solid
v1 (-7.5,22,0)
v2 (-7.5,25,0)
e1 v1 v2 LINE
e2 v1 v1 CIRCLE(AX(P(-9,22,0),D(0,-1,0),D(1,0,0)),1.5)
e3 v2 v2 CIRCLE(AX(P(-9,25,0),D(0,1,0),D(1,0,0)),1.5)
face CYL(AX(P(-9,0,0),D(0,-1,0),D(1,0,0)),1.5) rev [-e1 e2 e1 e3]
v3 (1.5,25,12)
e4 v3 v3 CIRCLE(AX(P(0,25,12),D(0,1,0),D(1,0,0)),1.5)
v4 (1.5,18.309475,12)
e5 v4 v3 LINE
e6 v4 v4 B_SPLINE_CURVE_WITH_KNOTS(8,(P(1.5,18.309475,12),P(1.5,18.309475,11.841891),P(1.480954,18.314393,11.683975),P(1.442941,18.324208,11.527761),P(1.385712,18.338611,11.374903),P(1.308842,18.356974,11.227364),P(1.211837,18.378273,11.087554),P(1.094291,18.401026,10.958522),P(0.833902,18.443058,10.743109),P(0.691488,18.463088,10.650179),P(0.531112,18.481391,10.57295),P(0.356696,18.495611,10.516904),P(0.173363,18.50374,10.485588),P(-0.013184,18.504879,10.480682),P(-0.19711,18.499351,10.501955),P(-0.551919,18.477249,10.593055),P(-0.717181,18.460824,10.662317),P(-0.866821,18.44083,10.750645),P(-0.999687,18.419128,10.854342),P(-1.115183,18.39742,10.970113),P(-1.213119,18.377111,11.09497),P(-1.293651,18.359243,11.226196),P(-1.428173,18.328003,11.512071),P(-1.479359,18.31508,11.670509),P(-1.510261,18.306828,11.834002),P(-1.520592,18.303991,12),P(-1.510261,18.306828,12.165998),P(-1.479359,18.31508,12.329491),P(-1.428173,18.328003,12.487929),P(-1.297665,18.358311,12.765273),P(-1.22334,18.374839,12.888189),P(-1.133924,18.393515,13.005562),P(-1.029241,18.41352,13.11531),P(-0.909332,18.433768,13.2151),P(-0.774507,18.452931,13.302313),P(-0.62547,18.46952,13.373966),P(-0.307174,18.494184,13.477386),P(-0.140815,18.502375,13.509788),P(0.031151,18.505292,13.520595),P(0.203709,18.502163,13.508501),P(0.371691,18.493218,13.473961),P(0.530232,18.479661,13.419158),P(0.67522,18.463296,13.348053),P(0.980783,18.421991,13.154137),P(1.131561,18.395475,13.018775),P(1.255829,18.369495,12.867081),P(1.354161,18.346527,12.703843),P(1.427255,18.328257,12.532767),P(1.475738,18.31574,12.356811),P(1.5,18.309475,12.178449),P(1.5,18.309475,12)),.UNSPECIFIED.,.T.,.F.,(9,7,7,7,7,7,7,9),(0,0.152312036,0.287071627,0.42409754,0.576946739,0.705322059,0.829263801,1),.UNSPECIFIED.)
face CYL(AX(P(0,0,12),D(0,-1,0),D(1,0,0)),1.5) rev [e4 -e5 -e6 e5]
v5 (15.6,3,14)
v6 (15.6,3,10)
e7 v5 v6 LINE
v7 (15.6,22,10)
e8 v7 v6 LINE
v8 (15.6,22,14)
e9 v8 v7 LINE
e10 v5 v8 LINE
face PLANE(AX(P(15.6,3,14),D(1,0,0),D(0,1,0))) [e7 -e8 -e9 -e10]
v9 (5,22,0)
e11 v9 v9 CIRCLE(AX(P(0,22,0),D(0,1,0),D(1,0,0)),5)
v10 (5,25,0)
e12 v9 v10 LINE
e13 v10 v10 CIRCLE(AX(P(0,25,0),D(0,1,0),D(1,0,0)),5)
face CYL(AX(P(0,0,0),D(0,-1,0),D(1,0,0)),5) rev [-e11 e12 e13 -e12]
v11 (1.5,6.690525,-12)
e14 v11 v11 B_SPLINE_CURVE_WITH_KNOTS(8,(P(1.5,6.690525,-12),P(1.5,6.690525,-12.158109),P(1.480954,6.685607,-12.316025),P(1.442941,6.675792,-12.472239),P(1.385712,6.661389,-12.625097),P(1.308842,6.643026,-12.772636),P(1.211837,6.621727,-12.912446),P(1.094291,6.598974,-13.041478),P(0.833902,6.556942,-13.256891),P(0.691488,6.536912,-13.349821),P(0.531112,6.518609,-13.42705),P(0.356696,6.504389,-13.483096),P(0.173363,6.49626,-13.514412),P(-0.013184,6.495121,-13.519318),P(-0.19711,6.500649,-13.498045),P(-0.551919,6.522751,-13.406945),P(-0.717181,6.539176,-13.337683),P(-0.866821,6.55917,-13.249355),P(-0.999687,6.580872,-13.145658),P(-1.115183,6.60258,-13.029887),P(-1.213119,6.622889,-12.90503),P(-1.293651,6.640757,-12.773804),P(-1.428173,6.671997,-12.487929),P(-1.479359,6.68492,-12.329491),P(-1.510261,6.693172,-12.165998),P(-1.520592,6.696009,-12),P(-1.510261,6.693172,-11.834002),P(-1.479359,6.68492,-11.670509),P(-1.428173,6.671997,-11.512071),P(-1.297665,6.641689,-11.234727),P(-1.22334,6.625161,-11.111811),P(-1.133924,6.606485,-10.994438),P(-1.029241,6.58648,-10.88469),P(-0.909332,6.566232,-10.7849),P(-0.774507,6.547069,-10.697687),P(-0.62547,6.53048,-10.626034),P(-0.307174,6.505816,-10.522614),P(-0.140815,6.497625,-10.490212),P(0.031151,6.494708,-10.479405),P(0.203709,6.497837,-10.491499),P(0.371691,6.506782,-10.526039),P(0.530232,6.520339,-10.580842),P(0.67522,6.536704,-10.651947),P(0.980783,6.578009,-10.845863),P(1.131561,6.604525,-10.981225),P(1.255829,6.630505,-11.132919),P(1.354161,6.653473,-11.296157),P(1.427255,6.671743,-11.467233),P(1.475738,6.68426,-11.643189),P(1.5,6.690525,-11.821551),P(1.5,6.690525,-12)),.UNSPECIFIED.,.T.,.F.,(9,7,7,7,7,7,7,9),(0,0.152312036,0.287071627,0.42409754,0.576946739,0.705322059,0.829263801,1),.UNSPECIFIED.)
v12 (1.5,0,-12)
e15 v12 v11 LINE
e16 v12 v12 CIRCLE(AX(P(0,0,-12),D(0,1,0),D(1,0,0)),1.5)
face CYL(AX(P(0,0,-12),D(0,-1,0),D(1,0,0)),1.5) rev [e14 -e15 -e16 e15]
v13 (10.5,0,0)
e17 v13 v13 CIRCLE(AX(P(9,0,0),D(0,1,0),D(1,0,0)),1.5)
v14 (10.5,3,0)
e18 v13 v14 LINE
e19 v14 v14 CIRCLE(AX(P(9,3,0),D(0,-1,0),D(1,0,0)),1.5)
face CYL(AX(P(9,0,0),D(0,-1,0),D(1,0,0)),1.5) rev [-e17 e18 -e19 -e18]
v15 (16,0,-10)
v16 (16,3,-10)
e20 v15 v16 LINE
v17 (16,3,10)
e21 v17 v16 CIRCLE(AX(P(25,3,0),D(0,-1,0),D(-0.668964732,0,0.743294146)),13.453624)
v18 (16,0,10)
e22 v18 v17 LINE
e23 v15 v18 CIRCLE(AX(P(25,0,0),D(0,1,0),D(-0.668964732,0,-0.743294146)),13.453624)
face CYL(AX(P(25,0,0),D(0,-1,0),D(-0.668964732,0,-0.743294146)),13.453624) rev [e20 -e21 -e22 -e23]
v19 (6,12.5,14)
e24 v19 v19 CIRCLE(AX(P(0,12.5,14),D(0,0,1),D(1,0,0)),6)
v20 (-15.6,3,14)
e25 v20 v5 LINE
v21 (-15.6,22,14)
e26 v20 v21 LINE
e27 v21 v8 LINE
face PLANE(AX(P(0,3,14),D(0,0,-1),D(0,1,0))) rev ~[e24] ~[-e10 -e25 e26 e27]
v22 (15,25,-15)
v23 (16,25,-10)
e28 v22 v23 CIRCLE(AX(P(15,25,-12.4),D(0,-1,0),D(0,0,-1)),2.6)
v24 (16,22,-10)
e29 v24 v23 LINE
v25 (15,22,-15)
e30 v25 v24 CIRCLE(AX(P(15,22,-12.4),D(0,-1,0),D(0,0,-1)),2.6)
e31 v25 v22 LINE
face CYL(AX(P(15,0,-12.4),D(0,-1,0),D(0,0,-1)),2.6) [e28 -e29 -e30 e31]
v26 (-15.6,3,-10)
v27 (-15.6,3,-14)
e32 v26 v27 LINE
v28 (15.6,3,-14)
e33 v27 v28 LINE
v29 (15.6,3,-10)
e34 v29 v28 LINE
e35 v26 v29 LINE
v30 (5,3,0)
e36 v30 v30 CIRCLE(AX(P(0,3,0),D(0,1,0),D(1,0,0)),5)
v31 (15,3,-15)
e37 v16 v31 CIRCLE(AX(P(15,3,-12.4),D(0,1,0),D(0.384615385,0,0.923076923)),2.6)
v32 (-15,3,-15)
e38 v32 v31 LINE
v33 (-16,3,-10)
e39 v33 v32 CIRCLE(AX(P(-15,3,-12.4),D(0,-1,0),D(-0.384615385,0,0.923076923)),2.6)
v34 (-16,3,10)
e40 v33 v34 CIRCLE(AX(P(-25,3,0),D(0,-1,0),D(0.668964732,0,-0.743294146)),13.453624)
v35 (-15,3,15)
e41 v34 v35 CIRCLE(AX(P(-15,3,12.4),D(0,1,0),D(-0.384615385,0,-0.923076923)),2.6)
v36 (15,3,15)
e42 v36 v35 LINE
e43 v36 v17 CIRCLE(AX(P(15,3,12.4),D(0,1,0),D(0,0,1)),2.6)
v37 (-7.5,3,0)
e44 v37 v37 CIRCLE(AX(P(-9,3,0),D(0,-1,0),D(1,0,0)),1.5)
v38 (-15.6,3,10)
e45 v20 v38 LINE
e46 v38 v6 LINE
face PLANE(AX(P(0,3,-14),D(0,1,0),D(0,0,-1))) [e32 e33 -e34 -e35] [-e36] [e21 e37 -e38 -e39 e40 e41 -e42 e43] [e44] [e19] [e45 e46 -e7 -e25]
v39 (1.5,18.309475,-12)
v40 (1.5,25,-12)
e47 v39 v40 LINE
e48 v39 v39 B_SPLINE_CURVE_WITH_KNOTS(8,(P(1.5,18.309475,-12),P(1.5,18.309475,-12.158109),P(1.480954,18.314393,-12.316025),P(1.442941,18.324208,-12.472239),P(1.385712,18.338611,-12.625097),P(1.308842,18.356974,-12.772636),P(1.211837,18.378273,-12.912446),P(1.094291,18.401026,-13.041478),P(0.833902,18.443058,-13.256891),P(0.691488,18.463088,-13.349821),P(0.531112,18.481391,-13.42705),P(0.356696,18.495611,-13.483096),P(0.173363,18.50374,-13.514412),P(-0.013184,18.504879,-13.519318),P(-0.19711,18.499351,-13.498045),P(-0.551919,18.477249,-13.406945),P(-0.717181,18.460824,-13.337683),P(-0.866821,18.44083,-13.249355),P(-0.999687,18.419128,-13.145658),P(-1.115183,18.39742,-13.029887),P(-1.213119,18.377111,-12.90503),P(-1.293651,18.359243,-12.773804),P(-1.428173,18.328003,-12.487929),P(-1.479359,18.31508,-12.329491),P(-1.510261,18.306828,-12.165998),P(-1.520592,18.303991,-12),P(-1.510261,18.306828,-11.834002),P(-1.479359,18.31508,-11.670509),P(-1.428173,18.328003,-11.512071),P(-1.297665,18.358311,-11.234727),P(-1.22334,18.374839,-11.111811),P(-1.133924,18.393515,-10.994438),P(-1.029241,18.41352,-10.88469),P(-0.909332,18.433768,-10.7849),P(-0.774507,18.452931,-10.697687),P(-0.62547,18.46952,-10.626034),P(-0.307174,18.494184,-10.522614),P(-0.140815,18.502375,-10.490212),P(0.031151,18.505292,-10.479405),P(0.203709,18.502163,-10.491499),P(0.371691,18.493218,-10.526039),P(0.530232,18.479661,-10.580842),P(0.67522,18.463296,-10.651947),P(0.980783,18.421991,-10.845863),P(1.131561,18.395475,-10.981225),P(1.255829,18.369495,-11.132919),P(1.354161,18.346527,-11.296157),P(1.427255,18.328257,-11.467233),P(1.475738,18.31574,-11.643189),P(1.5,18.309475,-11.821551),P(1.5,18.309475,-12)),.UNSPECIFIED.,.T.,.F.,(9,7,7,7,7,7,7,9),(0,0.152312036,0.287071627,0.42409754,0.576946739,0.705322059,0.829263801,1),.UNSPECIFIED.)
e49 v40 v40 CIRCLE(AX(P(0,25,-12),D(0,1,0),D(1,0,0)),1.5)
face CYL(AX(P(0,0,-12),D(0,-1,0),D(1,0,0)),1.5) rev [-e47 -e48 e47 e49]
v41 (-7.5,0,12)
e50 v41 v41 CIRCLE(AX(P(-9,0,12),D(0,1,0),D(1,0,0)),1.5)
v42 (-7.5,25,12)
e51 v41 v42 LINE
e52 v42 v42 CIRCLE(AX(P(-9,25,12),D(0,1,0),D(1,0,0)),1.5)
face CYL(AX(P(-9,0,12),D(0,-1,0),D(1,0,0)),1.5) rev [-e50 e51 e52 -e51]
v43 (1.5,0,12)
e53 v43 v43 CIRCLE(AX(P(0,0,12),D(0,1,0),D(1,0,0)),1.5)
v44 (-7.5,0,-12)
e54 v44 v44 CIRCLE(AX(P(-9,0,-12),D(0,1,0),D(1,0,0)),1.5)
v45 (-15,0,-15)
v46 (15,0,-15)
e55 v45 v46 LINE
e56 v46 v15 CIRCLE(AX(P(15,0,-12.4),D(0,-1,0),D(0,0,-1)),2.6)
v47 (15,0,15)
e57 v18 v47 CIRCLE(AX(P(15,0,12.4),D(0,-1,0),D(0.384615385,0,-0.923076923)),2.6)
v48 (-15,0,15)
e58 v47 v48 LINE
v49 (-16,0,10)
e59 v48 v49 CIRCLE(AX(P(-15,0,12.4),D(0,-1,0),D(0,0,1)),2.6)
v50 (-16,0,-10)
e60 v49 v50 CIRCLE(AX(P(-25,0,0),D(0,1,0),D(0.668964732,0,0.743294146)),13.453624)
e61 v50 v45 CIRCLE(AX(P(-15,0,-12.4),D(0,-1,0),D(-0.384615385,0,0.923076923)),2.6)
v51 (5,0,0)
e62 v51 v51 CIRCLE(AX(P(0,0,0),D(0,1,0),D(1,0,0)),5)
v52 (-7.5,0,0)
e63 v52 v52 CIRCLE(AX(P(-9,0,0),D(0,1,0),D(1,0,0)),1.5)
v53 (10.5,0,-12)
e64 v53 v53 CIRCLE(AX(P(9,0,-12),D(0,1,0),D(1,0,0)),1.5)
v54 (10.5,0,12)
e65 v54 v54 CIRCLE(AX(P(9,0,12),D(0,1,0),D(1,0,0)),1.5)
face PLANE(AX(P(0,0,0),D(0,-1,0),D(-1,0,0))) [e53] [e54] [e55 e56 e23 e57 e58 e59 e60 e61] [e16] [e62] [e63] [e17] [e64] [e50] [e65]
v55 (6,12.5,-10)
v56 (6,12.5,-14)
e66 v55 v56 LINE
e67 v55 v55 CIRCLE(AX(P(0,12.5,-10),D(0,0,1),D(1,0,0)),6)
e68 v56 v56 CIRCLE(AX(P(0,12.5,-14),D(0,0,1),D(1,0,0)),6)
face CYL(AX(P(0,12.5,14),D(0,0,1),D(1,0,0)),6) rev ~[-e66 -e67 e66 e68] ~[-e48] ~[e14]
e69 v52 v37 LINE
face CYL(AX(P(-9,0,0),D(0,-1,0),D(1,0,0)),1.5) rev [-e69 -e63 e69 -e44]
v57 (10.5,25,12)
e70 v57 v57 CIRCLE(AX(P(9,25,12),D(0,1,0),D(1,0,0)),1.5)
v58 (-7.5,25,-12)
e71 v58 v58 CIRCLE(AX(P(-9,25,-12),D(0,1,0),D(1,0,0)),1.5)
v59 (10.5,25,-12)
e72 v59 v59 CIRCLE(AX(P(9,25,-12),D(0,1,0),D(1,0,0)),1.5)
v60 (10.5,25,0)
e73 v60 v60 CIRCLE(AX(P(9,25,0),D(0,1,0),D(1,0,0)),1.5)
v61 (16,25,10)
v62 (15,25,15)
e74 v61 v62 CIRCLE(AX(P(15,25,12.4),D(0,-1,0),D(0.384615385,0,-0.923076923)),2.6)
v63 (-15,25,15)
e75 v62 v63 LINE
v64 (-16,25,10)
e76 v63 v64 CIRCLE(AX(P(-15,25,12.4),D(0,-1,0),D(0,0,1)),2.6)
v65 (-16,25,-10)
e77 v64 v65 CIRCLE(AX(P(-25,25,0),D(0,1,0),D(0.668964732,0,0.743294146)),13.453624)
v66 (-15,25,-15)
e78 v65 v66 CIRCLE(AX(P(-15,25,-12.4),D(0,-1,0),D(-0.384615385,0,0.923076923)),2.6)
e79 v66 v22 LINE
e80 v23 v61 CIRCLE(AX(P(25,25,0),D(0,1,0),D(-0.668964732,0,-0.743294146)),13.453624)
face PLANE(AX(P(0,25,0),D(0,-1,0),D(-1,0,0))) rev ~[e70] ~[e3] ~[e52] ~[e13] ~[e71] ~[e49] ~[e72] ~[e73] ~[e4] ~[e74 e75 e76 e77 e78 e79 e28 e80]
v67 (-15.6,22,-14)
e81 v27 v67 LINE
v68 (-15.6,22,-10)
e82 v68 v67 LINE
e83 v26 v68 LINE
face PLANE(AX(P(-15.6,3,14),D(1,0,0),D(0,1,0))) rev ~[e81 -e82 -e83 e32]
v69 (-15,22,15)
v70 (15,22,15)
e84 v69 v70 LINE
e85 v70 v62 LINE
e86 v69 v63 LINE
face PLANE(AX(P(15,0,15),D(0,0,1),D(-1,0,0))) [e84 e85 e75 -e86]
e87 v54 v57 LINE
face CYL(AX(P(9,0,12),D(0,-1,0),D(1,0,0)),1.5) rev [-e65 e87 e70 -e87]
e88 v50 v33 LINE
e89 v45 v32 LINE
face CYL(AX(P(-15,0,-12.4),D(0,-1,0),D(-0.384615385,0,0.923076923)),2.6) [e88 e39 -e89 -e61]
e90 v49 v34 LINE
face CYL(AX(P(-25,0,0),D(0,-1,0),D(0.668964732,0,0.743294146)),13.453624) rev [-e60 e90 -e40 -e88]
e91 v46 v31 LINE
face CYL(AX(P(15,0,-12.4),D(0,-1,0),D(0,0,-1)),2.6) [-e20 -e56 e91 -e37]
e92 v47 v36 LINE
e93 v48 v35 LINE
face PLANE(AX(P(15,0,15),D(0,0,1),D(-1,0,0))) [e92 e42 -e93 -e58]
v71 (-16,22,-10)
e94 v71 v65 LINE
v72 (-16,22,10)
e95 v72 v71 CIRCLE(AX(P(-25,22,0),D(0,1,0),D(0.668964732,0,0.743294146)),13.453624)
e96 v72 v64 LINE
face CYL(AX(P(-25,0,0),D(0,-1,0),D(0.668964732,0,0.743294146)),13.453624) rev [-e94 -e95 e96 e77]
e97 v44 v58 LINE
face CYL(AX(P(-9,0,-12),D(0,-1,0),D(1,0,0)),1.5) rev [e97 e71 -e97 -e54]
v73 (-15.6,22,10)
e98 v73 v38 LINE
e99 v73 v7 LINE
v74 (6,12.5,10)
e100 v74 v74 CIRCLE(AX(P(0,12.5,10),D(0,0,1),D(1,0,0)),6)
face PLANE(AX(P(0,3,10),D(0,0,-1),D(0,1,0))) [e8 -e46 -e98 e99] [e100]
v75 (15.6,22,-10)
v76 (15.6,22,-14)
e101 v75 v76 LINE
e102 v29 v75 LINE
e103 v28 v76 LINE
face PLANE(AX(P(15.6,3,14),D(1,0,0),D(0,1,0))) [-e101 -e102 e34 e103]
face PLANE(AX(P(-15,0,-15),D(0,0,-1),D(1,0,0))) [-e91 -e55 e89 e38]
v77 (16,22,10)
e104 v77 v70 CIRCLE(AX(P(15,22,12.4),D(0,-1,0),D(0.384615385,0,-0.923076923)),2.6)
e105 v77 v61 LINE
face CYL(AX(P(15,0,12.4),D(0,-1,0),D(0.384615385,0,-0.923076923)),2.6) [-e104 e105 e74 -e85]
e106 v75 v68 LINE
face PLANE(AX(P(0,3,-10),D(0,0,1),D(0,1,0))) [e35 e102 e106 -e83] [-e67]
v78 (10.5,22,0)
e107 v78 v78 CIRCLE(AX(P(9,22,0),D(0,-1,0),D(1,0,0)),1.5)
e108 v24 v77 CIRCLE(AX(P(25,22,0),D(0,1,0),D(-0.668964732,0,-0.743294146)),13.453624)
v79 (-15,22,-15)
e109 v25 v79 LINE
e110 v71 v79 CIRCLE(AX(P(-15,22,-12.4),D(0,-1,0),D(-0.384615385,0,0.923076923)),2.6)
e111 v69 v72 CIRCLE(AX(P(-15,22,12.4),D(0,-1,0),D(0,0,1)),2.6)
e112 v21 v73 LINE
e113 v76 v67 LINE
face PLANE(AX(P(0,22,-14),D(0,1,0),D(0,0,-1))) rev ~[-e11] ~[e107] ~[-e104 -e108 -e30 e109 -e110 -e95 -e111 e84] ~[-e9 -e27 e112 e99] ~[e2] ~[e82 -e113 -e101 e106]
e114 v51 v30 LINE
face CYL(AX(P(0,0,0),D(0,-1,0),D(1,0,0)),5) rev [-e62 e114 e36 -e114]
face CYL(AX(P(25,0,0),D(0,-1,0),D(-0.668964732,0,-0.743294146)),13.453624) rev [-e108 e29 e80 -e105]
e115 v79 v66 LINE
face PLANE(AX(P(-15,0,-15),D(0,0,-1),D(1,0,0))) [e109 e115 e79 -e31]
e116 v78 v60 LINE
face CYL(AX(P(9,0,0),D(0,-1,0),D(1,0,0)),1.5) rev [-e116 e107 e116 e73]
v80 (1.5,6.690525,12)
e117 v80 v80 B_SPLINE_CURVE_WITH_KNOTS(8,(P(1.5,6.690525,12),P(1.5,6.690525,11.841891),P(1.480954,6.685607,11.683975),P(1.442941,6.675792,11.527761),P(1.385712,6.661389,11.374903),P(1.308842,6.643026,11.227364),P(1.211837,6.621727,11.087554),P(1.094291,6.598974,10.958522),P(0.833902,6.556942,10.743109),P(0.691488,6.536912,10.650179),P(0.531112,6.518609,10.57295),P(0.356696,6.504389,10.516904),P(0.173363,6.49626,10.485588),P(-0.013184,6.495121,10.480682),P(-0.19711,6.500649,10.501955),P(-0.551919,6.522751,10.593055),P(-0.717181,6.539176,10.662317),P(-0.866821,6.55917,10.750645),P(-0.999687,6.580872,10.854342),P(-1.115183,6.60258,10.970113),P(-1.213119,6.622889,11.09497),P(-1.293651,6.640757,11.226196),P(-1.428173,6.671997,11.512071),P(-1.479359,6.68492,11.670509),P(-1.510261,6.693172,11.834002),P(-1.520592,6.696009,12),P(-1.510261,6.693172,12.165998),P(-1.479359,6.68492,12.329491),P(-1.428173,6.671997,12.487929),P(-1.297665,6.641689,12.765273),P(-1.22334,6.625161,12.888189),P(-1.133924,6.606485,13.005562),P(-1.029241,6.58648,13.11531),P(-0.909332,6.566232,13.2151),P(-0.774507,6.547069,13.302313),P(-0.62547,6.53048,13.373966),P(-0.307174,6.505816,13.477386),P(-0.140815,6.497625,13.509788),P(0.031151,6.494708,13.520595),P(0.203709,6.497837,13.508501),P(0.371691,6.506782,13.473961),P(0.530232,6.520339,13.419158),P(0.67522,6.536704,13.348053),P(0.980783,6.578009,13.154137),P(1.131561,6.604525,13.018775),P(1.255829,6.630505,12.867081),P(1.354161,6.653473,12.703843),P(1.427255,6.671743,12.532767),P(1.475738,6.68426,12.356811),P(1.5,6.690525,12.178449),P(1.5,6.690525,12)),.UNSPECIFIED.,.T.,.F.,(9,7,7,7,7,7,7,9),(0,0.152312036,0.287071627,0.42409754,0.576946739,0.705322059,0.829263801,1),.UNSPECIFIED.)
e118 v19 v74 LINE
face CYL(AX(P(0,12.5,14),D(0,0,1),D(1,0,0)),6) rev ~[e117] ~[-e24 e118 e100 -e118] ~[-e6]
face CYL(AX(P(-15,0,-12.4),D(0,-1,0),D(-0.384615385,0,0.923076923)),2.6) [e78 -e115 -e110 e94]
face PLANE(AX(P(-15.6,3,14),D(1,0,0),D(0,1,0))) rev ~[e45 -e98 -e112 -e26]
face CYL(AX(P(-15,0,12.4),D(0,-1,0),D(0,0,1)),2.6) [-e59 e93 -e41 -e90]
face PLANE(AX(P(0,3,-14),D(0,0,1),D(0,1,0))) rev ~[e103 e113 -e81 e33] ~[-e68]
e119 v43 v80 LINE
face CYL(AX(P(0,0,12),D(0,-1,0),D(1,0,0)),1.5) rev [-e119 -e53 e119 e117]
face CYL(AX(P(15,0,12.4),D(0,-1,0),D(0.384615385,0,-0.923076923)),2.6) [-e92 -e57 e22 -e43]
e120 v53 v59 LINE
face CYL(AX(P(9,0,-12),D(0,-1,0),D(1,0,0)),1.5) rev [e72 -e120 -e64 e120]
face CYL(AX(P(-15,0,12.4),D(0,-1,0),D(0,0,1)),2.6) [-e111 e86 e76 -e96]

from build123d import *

# Parameters (mm, degrees)
ESQUISSE1_R                  = 5
ESQUISSE1_R_2                = 1.5
BOSS_EXTRU_1_DEPTH           = 25
ENL_V_MAT_EXTRU_1_DEPTH      = 25
ENL_V_MAT_EXTRU_1_DEPTH_BACK = 25
ESQUISSE2_W                  = 20
ESQUISSE2_H                  = 19
ESQUISSE2_W_2                = 4.56072091
ESQUISSE2_W_3                = 3.825642854
ESQUISSE3_R                  = 6
ESQUISSE3_W                  = 8.37073205
ESQUISSE3_H                  = 19
ESQUISSE3_W_2                = 9.375022173
ENL_V_MAT_EXTRU_2_DEPTH      = 30


with BuildPart() as part:
    # Esquisse1 → Boss.-Extru.1 (new body)
    with BuildSketch(Plane(origin=(0, 0, 0), x_dir=(1, 0, 0), z_dir=(0, 1, 0))):
        with BuildLine():
            Line((-15, 15), (15, 15))
            ThreePointArc((15, 15), (17.549509757, 12.909901951), (16, 10))
            ThreePointArc((16, 10), (11.546375953, 0), (16, -10))
            ThreePointArc((16, -10), (17.549509757, -12.909901951), (15, -15))
            Line((15, -15), (-15, -15))
            ThreePointArc((-15, -15), (-17.549509757, -12.909901951), (-16, -10))
            ThreePointArc((-16, -10), (-11.546375953, 0), (-16, 10))
            ThreePointArc((-16, 10), (-17.549509757, 12.909901951), (-15, 15))
        make_face()
        Circle(ESQUISSE1_R, mode=Mode.SUBTRACT)
        with Locations((9, 0)):
            Circle(ESQUISSE1_R_2, mode=Mode.SUBTRACT)
        with Locations((-9, 0)):
            Circle(ESQUISSE1_R_2, mode=Mode.SUBTRACT)
        with Locations((-9, 12)):
            Circle(ESQUISSE1_R_2, mode=Mode.SUBTRACT)
        with Locations((9, 12)):
            Circle(ESQUISSE1_R_2, mode=Mode.SUBTRACT)
        with Locations((-9, -12)):
            Circle(ESQUISSE1_R_2, mode=Mode.SUBTRACT)
        with Locations((9, -12)):
            Circle(ESQUISSE1_R_2, mode=Mode.SUBTRACT)
        with Locations((0, -12)):
            Circle(ESQUISSE1_R_2, mode=Mode.SUBTRACT)
        with Locations((0, 12)):
            Circle(ESQUISSE1_R_2, mode=Mode.SUBTRACT)
    extrude(amount=BOSS_EXTRU_1_DEPTH)

    # Esquisse2 → Enlèv. mat.-Extru.1 (cut, two sides: drawn at the far end of the back side and taken through both)
    with BuildSketch(Plane(origin=(0, 0, 0), x_dir=(0, 0, -1), z_dir=(1, 0, 0)).offset(-ENL_V_MAT_EXTRU_1_DEPTH_BACK)):
        with Locations((0, 12.5)):
            Rectangle(ESQUISSE2_W, ESQUISSE2_H)
        with Locations((16.280360455, 12.5)):
            Rectangle(ESQUISSE2_W_2, ESQUISSE2_H)
        with Locations((-15.912821427, 12.5)):
            Rectangle(ESQUISSE2_W_3, ESQUISSE2_H)
    extrude(amount=ENL_V_MAT_EXTRU_1_DEPTH + ENL_V_MAT_EXTRU_1_DEPTH_BACK, mode=Mode.SUBTRACT)

    # Esquisse3 → Enlèv. mat.-Extru.2 (cut)
    with BuildSketch(Plane.XY.offset(14)):
        with Locations((0, 12.5)):
            Circle(ESQUISSE3_R)
        with Locations((-19.785366025, 12.5)):
            Rectangle(ESQUISSE3_W, ESQUISSE3_H)
        with Locations((20.287511087, 12.5)):
            Rectangle(ESQUISSE3_W_2, ESQUISSE3_H)
    extrude(amount=-ENL_V_MAT_EXTRU_2_DEPTH, mode=Mode.SUBTRACT)


solid = part.part
